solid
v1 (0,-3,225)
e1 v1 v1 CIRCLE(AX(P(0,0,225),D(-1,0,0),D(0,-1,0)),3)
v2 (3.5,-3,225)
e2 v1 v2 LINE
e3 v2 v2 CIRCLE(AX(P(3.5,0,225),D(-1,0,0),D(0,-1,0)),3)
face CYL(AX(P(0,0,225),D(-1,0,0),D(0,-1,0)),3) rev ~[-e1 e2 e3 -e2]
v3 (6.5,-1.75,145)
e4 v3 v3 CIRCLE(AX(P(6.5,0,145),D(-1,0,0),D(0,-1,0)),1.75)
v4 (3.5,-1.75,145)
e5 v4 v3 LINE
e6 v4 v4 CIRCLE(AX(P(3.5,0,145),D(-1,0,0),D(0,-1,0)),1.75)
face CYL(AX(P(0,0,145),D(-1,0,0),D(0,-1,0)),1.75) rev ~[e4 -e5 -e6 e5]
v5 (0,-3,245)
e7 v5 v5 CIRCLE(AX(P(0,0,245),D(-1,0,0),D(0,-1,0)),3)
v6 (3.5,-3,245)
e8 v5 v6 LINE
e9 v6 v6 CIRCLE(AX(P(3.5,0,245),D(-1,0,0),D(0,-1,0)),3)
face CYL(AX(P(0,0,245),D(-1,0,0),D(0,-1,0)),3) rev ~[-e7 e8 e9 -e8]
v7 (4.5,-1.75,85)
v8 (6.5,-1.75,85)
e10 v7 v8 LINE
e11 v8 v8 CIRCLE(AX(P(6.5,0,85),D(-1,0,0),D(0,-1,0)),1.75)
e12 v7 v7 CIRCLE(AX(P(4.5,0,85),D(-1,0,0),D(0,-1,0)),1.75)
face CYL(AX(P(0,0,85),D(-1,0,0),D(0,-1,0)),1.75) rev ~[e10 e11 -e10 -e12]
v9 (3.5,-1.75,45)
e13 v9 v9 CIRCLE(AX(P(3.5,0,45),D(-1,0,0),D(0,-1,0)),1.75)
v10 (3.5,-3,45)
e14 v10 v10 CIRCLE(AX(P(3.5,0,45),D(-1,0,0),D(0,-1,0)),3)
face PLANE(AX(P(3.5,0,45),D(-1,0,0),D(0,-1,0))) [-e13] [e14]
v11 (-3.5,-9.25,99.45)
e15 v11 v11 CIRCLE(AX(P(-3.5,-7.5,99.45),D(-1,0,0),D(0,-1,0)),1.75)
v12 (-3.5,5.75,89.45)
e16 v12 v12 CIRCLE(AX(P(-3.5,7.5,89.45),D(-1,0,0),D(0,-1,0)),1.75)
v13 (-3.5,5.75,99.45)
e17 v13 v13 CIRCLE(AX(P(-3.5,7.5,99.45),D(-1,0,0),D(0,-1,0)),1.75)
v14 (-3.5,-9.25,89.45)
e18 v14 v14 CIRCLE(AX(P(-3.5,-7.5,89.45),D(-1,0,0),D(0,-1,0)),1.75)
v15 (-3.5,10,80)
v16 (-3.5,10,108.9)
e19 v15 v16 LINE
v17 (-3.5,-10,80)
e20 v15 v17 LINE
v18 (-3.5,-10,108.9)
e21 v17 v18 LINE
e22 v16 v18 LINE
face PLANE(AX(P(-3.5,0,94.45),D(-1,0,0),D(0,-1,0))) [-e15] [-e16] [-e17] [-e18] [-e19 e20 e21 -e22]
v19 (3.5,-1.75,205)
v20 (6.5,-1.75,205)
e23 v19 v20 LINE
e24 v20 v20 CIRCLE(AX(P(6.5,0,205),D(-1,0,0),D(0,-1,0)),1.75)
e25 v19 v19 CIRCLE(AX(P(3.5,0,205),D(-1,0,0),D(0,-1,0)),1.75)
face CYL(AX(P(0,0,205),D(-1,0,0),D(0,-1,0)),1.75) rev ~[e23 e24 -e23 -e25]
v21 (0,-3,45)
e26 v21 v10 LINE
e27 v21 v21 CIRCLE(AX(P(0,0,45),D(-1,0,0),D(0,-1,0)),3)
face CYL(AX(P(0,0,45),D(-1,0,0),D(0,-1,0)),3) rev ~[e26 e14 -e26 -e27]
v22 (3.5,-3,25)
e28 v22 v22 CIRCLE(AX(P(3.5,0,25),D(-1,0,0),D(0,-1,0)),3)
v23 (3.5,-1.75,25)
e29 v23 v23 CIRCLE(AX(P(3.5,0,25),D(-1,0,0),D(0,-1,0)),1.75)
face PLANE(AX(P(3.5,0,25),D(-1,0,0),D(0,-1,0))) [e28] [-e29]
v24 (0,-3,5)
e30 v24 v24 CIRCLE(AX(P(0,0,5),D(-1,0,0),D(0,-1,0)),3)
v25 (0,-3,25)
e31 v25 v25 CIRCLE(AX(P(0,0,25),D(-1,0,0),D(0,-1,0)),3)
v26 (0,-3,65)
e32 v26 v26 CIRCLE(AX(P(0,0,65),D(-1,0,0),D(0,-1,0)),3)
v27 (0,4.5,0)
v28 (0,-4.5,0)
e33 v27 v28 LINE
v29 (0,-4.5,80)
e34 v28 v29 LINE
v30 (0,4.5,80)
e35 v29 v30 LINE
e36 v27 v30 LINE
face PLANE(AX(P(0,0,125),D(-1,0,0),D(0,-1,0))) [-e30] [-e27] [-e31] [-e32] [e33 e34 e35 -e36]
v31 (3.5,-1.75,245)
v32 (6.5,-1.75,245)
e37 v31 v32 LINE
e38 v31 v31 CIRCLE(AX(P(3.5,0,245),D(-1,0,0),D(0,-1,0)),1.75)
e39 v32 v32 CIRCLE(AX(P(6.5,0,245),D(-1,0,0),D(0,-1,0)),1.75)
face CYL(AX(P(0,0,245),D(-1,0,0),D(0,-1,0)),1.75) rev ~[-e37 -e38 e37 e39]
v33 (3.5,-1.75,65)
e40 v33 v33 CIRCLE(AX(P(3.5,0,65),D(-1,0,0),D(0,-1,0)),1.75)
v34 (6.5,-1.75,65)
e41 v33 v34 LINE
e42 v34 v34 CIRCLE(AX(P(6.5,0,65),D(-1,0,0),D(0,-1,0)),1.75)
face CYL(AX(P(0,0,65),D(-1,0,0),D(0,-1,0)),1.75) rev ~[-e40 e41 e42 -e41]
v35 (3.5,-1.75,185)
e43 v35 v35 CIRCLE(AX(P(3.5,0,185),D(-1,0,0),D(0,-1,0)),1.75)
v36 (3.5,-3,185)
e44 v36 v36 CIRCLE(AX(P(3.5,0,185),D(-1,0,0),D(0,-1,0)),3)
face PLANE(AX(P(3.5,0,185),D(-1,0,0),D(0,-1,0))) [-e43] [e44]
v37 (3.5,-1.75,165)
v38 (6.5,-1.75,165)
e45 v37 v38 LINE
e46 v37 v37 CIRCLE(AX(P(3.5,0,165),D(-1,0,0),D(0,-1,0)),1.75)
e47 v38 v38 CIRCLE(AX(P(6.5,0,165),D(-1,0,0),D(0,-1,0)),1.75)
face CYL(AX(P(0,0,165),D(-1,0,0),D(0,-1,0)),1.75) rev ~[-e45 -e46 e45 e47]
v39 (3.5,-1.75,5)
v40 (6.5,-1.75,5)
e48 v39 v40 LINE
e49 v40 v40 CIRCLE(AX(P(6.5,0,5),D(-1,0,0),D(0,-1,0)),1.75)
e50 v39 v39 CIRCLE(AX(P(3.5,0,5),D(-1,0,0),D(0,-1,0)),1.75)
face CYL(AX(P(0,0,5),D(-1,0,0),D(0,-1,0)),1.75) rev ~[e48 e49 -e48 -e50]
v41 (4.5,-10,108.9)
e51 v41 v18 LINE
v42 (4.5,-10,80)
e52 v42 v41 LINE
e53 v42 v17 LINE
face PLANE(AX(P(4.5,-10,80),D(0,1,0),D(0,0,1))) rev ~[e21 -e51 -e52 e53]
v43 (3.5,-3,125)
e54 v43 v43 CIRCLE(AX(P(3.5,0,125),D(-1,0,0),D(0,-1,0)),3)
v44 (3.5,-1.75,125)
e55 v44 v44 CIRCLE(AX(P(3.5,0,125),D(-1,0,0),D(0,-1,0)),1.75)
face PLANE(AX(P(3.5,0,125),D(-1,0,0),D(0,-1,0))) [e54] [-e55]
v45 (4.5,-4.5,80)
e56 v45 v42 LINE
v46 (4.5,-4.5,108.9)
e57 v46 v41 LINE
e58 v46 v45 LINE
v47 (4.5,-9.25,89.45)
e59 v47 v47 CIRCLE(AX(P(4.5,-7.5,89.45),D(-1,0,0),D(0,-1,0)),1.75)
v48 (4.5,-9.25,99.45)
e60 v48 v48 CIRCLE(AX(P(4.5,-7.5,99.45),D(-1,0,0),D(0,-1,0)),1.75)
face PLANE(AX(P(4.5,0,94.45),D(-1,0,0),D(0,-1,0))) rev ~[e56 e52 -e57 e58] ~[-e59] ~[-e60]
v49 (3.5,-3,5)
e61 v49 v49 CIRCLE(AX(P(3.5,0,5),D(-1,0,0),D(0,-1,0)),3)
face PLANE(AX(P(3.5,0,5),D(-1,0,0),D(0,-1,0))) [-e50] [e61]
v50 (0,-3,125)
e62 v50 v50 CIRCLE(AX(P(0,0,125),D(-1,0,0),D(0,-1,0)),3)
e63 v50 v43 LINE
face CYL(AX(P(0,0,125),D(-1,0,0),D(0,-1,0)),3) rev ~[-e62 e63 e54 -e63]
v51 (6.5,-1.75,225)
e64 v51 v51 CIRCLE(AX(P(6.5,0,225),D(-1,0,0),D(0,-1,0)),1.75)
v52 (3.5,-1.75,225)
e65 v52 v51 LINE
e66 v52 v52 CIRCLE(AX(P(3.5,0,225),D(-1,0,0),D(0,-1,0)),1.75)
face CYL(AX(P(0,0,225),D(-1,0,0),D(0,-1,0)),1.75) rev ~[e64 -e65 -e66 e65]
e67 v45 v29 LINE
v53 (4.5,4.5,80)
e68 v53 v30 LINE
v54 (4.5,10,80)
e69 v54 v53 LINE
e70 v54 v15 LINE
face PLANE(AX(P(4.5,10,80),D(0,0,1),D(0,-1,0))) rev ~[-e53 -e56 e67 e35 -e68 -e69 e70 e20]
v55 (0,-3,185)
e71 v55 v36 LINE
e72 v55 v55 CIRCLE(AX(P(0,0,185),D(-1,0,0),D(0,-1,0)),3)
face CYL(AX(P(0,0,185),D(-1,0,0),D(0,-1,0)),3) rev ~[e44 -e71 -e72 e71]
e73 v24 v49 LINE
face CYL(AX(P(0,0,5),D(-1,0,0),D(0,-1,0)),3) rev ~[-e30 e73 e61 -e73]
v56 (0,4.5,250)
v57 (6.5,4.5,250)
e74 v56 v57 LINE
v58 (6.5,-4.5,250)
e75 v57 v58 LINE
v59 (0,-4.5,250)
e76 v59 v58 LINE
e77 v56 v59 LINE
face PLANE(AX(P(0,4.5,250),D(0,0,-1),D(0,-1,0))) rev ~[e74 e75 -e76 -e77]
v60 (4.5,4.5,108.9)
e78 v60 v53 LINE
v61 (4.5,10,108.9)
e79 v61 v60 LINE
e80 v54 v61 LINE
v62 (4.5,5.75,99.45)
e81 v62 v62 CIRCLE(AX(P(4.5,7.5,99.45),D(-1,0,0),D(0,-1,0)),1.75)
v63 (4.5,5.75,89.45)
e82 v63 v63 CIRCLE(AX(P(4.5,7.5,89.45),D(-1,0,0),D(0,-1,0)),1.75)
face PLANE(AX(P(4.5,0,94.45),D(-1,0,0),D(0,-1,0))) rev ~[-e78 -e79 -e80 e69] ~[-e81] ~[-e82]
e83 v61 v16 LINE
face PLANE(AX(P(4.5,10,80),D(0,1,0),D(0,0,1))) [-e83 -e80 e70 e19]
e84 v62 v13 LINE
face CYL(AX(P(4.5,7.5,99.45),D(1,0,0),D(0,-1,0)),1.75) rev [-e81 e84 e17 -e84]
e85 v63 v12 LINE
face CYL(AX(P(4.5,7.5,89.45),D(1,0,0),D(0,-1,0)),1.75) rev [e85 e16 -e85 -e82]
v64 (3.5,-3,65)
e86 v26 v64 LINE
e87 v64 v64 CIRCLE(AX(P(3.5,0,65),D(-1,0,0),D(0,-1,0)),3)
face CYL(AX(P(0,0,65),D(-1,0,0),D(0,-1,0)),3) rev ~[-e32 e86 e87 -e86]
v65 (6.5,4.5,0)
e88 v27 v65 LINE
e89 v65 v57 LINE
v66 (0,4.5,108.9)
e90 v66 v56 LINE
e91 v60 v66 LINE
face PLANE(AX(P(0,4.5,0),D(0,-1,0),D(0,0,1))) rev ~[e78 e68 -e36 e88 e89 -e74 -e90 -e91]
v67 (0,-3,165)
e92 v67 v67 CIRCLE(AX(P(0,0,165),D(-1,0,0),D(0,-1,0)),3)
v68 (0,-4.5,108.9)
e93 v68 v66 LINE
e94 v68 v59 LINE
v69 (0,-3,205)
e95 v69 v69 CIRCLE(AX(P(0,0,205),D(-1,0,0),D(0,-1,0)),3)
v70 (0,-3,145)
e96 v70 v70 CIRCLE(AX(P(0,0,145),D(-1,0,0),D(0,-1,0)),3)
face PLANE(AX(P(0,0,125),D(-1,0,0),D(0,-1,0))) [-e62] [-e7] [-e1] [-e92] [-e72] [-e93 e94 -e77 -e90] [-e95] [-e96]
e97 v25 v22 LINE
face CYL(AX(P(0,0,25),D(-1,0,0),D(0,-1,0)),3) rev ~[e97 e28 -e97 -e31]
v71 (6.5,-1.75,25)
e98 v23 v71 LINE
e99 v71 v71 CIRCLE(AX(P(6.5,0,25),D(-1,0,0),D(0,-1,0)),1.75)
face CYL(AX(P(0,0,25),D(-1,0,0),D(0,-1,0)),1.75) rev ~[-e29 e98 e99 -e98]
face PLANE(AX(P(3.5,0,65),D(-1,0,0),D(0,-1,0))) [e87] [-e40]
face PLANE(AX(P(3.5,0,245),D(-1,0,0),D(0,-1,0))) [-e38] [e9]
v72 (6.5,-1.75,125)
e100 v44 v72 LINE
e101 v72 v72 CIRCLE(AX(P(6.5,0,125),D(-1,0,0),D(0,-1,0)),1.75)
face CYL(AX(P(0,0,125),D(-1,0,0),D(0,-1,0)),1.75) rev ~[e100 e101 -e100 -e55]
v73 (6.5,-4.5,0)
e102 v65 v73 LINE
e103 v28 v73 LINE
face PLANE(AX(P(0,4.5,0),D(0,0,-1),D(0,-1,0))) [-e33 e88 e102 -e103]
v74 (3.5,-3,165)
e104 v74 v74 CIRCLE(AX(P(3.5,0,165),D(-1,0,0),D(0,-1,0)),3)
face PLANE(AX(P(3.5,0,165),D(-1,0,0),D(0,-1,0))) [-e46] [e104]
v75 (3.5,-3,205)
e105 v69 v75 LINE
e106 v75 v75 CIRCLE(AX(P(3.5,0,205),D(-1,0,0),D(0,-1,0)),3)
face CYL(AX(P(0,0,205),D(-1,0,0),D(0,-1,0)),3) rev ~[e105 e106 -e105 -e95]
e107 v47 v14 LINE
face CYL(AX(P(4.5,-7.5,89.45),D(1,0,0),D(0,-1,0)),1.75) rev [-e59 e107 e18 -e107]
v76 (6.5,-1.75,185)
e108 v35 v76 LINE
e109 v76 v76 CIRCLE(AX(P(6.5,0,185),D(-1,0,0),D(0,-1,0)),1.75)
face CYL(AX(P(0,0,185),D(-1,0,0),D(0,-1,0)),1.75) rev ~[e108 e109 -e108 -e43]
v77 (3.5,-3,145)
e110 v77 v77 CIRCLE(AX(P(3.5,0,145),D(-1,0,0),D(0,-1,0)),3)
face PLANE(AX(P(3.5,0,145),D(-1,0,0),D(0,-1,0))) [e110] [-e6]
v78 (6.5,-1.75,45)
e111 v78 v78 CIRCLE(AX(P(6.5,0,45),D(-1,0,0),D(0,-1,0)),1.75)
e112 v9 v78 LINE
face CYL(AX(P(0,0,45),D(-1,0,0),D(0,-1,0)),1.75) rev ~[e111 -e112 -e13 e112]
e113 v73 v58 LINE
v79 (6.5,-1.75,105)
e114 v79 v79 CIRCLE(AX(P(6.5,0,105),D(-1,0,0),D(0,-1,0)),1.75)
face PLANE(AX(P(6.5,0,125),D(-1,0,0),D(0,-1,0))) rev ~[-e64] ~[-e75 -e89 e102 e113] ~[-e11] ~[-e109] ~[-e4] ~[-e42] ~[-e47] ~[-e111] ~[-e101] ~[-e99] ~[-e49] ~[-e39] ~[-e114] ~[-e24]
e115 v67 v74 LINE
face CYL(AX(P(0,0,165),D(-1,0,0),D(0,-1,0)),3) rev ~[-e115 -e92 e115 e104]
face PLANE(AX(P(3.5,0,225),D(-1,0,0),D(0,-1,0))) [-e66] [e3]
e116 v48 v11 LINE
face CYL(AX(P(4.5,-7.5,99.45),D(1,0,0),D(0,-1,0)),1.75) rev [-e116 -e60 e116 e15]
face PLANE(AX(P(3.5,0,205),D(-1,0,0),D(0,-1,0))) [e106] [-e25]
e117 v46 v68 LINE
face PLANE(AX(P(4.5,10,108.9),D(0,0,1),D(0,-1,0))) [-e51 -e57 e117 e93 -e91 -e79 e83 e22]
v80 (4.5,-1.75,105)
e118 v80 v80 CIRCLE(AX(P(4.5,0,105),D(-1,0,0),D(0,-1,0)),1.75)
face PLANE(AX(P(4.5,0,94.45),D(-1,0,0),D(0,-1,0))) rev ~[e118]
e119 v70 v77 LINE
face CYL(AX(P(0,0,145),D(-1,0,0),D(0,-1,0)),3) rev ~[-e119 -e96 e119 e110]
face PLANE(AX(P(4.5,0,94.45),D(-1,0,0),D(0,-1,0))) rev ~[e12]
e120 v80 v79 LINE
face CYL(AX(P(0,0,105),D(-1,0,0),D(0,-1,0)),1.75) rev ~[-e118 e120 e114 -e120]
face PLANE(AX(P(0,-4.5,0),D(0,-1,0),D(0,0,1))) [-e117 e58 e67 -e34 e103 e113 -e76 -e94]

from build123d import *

# Parameters (mm, degrees)
SKETCH046_W             = 9
SKETCH046_H             = 250
PAD023_DEPTH            = 6.5
SKETCH043_R             = 1.75
POCKET019_DEPTH         = 6.5
LINEARPATTERN010_COUNT  = 13
LINEARPATTERN010_PITCH  = 20
SKETCH045_R             = 3
POCKET020_DEPTH         = 3.5
LINEARPATTERN011_COUNT  = 13
LINEARPATTERN011_PITCH  = 20
SKETCH044_W             = 20
SKETCH044_H             = 28.9
SKETCH044_R             = 1.75
PAD024_DEPTH            = 8
BODY010_ROLL_ANGLE      = 90
BODY010_PLACEMENT_ANGLE = -90


with BuildPart() as part:
    # Sketch046 → Pad023 (new body)
    with BuildSketch(Plane.XY):
        with Locations((0, 125)):
            Rectangle(SKETCH046_W, SKETCH046_H)
    extrude(amount=-PAD023_DEPTH)

    # Sketch043 → Pocket019 (cut)
    with BuildSketch(Plane.XY):
        with Locations((0, 5)):
            Circle(SKETCH043_R)
    pocket019 = extrude(amount=-POCKET019_DEPTH, mode=Mode.SUBTRACT)

    # LinearPattern010: Pocket019 ×13
    with Locations(*[(0, i * LINEARPATTERN010_PITCH, 0) for i in range(1, LINEARPATTERN010_COUNT)]):
        add(pocket019, mode=Mode.SUBTRACT)

    # Sketch045 → Pocket020 (cut)
    with BuildSketch(Plane.XY):
        with Locations((0, 5)):
            Circle(SKETCH045_R)
    pocket020 = extrude(amount=-POCKET020_DEPTH, mode=Mode.SUBTRACT)

    # LinearPattern011: Pocket020 ×13
    with Locations(*[(0, i * LINEARPATTERN011_PITCH, 0) for i in range(1, LINEARPATTERN011_COUNT)]):
        add(pocket020, mode=Mode.SUBTRACT)

    # Sketch044 → Pad024 (join)
    with BuildSketch(Plane.XY.offset(-4.5)):
        with Locations((0, 94.45)):
            Rectangle(SKETCH044_W, SKETCH044_H)
        with Locations((-7.5, 99.45)):
            Circle(SKETCH044_R, mode=Mode.SUBTRACT)
        with Locations((7.5, 99.45)):
            Circle(SKETCH044_R, mode=Mode.SUBTRACT)
        with Locations((7.5, 89.45)):
            Circle(SKETCH044_R, mode=Mode.SUBTRACT)
        with Locations((-7.5, 89.45)):
            Circle(SKETCH044_R, mode=Mode.SUBTRACT)
    extrude(amount=PAD024_DEPTH)


with BuildPart() as part_1:
    # Body010 roll: moved
    add(part.part.rotate(Axis((0, 0, 0), (1, 0, 0)), BODY010_ROLL_ANGLE))


with BuildPart() as part_2:
    # Body010 placement: moved
    add(part_1.part.rotate(Axis((0, 0, 0), (0, 0, 1)), BODY010_PLACEMENT_ANGLE))


solid = part_2.part
